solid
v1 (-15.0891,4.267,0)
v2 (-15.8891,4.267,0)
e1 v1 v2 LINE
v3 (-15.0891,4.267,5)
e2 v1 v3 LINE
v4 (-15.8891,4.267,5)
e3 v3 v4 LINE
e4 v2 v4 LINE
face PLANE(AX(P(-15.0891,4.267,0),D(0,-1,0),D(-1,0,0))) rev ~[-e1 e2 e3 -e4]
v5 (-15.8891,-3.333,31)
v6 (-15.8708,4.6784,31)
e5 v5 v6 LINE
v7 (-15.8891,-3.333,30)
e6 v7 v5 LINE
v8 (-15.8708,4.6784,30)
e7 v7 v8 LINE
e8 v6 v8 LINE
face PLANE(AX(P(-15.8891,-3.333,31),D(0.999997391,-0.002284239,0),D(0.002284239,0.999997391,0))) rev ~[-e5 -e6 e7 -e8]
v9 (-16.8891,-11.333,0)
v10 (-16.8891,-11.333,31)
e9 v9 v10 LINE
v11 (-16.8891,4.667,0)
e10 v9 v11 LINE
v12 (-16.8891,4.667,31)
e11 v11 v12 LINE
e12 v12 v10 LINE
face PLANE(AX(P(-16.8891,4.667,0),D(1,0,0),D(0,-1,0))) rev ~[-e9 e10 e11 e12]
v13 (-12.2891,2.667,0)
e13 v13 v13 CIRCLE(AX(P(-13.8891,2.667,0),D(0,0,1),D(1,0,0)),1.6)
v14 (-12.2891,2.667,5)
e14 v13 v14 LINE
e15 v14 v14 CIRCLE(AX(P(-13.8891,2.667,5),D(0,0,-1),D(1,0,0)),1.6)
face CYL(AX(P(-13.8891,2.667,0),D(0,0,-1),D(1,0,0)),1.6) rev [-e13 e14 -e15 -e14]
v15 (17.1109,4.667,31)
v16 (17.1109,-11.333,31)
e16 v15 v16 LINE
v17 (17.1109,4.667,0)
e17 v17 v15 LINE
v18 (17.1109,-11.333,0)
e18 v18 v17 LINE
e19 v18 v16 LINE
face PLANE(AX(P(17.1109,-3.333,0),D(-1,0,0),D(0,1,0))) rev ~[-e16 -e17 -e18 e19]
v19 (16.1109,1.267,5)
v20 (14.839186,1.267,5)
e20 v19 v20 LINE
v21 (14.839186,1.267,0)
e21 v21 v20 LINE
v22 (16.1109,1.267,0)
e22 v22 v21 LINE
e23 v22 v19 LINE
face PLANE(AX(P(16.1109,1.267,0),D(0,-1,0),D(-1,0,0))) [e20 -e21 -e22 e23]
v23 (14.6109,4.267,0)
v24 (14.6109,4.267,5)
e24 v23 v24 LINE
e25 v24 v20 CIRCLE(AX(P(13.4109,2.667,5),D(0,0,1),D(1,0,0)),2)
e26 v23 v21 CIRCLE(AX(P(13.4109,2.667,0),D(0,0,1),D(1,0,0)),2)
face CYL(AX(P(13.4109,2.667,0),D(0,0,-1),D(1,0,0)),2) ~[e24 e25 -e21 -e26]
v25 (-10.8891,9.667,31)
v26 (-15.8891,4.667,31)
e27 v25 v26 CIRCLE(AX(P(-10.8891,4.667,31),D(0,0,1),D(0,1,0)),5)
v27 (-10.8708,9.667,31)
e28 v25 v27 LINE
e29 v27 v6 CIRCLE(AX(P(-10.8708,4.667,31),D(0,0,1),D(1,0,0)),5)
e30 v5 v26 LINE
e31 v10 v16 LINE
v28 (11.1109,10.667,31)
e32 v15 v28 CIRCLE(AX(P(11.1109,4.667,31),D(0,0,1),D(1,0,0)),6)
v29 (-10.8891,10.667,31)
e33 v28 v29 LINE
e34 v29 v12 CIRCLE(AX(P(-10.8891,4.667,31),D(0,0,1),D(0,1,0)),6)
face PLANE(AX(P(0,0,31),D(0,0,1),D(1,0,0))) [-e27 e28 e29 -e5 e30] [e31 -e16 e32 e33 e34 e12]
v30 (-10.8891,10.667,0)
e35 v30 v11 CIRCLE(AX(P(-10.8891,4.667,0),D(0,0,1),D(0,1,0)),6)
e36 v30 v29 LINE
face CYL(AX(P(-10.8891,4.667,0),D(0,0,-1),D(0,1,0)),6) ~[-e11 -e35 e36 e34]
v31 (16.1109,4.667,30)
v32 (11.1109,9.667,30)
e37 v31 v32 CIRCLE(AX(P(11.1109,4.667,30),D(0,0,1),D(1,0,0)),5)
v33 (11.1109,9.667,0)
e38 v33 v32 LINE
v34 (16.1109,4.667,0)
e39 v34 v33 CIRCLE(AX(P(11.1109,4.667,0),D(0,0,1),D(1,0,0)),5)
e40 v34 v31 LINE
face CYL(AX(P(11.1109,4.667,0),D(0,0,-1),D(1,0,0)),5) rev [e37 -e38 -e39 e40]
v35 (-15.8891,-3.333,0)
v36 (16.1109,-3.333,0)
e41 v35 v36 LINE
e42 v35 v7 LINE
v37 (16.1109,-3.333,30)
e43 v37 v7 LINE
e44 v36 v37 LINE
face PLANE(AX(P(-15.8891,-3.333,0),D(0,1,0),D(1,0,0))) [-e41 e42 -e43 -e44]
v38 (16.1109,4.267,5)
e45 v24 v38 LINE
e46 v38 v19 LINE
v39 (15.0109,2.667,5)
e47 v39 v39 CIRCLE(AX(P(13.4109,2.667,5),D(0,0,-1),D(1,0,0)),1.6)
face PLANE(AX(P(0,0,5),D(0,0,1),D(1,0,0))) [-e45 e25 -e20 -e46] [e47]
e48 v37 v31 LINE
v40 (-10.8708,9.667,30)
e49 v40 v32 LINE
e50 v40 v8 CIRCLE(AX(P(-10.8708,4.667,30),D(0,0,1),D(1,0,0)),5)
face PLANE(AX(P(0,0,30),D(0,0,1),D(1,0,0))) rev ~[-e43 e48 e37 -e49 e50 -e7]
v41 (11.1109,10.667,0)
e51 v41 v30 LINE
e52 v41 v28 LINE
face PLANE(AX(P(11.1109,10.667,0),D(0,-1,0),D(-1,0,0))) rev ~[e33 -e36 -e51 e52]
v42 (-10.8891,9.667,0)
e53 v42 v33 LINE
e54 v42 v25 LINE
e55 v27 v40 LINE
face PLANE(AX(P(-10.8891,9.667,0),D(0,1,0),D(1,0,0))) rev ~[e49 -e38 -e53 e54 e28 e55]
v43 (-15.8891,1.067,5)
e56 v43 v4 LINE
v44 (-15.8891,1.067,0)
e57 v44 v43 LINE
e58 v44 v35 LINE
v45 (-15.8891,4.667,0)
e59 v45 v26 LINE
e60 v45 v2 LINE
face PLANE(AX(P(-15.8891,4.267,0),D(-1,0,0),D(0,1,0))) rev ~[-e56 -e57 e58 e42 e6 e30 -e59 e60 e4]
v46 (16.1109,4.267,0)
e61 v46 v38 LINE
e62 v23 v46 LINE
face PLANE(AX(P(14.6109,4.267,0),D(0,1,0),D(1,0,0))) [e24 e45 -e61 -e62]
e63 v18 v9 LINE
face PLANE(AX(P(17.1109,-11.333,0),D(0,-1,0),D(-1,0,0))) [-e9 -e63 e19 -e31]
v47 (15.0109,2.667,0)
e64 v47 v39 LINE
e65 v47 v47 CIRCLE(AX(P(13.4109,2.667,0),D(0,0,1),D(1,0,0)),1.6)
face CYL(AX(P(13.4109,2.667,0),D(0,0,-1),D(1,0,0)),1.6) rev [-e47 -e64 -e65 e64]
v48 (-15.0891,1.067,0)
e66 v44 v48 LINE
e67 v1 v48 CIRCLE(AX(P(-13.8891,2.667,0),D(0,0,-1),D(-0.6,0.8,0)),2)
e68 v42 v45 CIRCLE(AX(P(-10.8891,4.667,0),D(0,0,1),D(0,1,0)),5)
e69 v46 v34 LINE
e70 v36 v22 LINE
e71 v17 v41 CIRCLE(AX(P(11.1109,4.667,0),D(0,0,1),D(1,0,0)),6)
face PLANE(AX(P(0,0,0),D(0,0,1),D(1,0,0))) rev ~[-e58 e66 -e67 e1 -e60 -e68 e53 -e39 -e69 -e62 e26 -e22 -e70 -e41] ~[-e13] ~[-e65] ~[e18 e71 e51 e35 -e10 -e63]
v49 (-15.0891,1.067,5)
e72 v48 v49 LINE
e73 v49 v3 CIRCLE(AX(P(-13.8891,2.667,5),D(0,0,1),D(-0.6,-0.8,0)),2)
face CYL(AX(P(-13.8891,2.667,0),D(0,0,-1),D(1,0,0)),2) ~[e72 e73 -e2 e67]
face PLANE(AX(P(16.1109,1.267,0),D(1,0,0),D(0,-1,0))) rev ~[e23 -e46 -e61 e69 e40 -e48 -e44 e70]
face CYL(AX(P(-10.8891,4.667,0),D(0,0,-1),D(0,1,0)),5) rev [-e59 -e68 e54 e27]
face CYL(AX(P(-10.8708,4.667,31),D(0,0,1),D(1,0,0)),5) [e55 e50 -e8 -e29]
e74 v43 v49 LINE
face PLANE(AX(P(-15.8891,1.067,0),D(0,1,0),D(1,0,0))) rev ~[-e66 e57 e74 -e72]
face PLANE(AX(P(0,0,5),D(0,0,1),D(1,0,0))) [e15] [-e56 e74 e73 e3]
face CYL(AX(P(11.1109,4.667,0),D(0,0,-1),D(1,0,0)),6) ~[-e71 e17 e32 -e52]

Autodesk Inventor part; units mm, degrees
ref_plane "YZ Plane" through (0, 0, 0) normal (1, 0, 0) x (0, 1, 0)
ref_plane "XZ Plane" through (0, 0, 0) normal (0, 1, 0) x (-1, 0, 0)
sketch "Sketch1" plane through (0, 0, 0) normal (0, 0, 1) x (1, 0, 0)
  line L0 (11.1109, 10.667) -> (-10.8891, 10.667)
  arc A0 (17.1109, 4.667) -> (11.1109, 10.667) centre (11.1109, 4.667) ccw
  arc A1 (-10.8891, 10.667) -> (-16.8891, 4.667) centre (-10.8891, 4.667) ccw
  line L1 (17.1109, -11.333) -> (17.1109, 4.667)
  arc A2 (17.1109, 4.667) -> (11.1109, 10.667) centre (11.1109, 4.667) ccw
  line L2 (11.1109, 10.667) -> (-10.8891, 10.667)
  arc A3 (-10.8891, 10.667) -> (-16.8891, 4.667) centre (-10.8891, 4.667) ccw
  line L3 (-16.8891, 4.667) -> (-16.8891, -11.333)
  line L4 (16.1109, 4.667) -> (16.1109, -11.333)
  line L5 (17.1109, -11.333) -> (-16.8891, -11.333)
  line L6 (-15.8891, -11.333) -> (-15.8891, 4.667)
  arc A4 (-10.8891, 9.667) -> (-15.8891, 4.667) centre (-10.8891, 4.667) ccw
  line L7 (-10.8891, 9.667) -> (11.1109, 9.667)
  arc A5 (16.1109, 4.667) -> (11.1109, 9.667) centre (11.1109, 4.667) ccw
  line L8 (-16.8891, -3.333) -> (17.1109, -3.333)
  line L9 (-15.8891, -3.333) -> (-15.8891, 7.1792)
  line L10 (-15.8891, 2.667) -> (-13.8891, 2.667)
  line L11 (16.1109, -3.333) -> (-15.8891, -3.333)
  circle A6 centre (-13.8891, 2.667) radius 2
  line L12 (20.9541, 5.1792) -> (19.218, 5.1792)
  circle A7 centre (-13.8891, 2.667) radius 1.6
  line L13 (-13.8891, 4.267) -> (-15.8891, 4.267)
  line L14 (-15.8891, 4.267) -> (-15.8891, 1.067)
  line L15 (-15.8891, 1.067) -> (-13.8891, 1.067)
  line L16 (-13.8891, 1.067) -> (-13.8891, 4.267)
  circle A8 centre (13.4109, 2.667) radius 2
  circle A9 centre (13.4109, 2.667) radius 1.6
  line L17 (16.1109, 4.667) -> (16.1109, -3.333)
  line L18 (13.4109, 4.267) -> (16.1109, 4.267)
  line L19 (16.1109, 4.267) -> (16.1109, 1.267)
  line L20 (16.1109, 1.267) -> (13.4109, 1.267)
  line L21 (13.4109, 1.267) -> (13.4109, 4.267)
  point P0 (0, 0)
  point P1 (16.1109, -3.333)
  point P2 (-15.8891, -3.333)
  point P3 (17.1109, 4.667)
  point P4 (-16.8891, 4.667)
  point P5 (-13.8891, 2.667)
  point P6 (-15.8891, 1.067)
  point P7 (-15.0891, 1.067)
  point P8 (-15.0891, 4.267)
  point P9 (-15.8891, 4.267)
  point P10 (14.8392, 1.267)
  point P11 (16.1109, 1.267)
  point P12 (16.1109, 4.267)
  point P13 (14.6109, 4.267)
  dimension "d16" = 3.2
  dimension "d18" = 3.2
  dimension "d19" = 27.3
  dimension "d0" = 1
  dimension "d3" = 22
  dimension "d4" = 34
  dimension "d5" = 16
  dimension "d6" = 6
  dimension "d7" = 5
  dimension "d8" = 9.667
  dimension "d9" = 10.667
  dimension "d10" = 11.333
  dimension "d11" = 8
  dimension "d12" = 22
  dimension "d13" = 34
  dimension "d14" = 6
  dimension "d15" = 4
  dimension "d17" = 4
  dimension "d20" = 0
  dimension "d21" = 0
extrude "Extrusion1" add sketch "Sketch1" along normal blind 31 contours A0 L1 L8 L4 A5 L7 A4 L6 L3 A1 L0 | L1 L5 L4 L8 | L8 L6 L5 L3 | L4 L5 L6 L8
extrude "Extrusion2" add sketch "Sketch1" along normal blind 5 contours L20 A8 L18 L4 | L6 A6 L15 | L20 A9 L18 A8 | A8 L18 A9 L20 | A6 L13 A7 L10 | L6 L13 A6 | L10 A7 L15 A6 | L15 A7 L13 A6
ref_plane "Work Plane1" through (0, 0, 31) normal (0, 0, -1) x (-1, 0, 0)
sketch "Sketch2" plane through (0, 0, 31) normal (0, 0, 1) x (1, 0, 0)
  line L0 (-15.8891, -3.333) -> (-15.8891, 1.067) projected
  line L1 (-15.8891, -3.333) -> (-15.8891, 5)
  line L2 (16.1109, -3.333) -> (-15.8891, -3.333) projected
  line L3 (-15.8891, -3.333) -> (16.1109, -3.333)
  line L4 (16.1109, -3.333) -> (16.1109, 4.667)
  arc A0 (16.1109, 4.667) -> (11.1109, 9.667) centre (11.1109, 4.667) ccw projected
  circle A1 centre (11.1109, 4.667) radius 5
  circle A2 centre (-10.8708, 4.667) radius 5
  line L5 (-10.8708, 10.6741) -> (11.1109, 10.6741)
  line L6 (-10.8708, 9.667) -> (11.1109, 9.667)
  line L7 (-10.8708, 9.667) -> (11.1109, 9.667)
  line L8 (-15.8891, -3.333) -> (16.1109, -3.333)
  line L9 (16.1109, 4.667) -> (16.1109, -3.333)
  line L10 (-15.8891, -3.333) -> (-15.8708, 4.6784)
  point P0 (0, 0)
  dimension "d25" = 10
extrude "Extrusion3" add sketch "Sketch2" against normal blind 1
properties part number "SERVO.housing_3DPrint"
